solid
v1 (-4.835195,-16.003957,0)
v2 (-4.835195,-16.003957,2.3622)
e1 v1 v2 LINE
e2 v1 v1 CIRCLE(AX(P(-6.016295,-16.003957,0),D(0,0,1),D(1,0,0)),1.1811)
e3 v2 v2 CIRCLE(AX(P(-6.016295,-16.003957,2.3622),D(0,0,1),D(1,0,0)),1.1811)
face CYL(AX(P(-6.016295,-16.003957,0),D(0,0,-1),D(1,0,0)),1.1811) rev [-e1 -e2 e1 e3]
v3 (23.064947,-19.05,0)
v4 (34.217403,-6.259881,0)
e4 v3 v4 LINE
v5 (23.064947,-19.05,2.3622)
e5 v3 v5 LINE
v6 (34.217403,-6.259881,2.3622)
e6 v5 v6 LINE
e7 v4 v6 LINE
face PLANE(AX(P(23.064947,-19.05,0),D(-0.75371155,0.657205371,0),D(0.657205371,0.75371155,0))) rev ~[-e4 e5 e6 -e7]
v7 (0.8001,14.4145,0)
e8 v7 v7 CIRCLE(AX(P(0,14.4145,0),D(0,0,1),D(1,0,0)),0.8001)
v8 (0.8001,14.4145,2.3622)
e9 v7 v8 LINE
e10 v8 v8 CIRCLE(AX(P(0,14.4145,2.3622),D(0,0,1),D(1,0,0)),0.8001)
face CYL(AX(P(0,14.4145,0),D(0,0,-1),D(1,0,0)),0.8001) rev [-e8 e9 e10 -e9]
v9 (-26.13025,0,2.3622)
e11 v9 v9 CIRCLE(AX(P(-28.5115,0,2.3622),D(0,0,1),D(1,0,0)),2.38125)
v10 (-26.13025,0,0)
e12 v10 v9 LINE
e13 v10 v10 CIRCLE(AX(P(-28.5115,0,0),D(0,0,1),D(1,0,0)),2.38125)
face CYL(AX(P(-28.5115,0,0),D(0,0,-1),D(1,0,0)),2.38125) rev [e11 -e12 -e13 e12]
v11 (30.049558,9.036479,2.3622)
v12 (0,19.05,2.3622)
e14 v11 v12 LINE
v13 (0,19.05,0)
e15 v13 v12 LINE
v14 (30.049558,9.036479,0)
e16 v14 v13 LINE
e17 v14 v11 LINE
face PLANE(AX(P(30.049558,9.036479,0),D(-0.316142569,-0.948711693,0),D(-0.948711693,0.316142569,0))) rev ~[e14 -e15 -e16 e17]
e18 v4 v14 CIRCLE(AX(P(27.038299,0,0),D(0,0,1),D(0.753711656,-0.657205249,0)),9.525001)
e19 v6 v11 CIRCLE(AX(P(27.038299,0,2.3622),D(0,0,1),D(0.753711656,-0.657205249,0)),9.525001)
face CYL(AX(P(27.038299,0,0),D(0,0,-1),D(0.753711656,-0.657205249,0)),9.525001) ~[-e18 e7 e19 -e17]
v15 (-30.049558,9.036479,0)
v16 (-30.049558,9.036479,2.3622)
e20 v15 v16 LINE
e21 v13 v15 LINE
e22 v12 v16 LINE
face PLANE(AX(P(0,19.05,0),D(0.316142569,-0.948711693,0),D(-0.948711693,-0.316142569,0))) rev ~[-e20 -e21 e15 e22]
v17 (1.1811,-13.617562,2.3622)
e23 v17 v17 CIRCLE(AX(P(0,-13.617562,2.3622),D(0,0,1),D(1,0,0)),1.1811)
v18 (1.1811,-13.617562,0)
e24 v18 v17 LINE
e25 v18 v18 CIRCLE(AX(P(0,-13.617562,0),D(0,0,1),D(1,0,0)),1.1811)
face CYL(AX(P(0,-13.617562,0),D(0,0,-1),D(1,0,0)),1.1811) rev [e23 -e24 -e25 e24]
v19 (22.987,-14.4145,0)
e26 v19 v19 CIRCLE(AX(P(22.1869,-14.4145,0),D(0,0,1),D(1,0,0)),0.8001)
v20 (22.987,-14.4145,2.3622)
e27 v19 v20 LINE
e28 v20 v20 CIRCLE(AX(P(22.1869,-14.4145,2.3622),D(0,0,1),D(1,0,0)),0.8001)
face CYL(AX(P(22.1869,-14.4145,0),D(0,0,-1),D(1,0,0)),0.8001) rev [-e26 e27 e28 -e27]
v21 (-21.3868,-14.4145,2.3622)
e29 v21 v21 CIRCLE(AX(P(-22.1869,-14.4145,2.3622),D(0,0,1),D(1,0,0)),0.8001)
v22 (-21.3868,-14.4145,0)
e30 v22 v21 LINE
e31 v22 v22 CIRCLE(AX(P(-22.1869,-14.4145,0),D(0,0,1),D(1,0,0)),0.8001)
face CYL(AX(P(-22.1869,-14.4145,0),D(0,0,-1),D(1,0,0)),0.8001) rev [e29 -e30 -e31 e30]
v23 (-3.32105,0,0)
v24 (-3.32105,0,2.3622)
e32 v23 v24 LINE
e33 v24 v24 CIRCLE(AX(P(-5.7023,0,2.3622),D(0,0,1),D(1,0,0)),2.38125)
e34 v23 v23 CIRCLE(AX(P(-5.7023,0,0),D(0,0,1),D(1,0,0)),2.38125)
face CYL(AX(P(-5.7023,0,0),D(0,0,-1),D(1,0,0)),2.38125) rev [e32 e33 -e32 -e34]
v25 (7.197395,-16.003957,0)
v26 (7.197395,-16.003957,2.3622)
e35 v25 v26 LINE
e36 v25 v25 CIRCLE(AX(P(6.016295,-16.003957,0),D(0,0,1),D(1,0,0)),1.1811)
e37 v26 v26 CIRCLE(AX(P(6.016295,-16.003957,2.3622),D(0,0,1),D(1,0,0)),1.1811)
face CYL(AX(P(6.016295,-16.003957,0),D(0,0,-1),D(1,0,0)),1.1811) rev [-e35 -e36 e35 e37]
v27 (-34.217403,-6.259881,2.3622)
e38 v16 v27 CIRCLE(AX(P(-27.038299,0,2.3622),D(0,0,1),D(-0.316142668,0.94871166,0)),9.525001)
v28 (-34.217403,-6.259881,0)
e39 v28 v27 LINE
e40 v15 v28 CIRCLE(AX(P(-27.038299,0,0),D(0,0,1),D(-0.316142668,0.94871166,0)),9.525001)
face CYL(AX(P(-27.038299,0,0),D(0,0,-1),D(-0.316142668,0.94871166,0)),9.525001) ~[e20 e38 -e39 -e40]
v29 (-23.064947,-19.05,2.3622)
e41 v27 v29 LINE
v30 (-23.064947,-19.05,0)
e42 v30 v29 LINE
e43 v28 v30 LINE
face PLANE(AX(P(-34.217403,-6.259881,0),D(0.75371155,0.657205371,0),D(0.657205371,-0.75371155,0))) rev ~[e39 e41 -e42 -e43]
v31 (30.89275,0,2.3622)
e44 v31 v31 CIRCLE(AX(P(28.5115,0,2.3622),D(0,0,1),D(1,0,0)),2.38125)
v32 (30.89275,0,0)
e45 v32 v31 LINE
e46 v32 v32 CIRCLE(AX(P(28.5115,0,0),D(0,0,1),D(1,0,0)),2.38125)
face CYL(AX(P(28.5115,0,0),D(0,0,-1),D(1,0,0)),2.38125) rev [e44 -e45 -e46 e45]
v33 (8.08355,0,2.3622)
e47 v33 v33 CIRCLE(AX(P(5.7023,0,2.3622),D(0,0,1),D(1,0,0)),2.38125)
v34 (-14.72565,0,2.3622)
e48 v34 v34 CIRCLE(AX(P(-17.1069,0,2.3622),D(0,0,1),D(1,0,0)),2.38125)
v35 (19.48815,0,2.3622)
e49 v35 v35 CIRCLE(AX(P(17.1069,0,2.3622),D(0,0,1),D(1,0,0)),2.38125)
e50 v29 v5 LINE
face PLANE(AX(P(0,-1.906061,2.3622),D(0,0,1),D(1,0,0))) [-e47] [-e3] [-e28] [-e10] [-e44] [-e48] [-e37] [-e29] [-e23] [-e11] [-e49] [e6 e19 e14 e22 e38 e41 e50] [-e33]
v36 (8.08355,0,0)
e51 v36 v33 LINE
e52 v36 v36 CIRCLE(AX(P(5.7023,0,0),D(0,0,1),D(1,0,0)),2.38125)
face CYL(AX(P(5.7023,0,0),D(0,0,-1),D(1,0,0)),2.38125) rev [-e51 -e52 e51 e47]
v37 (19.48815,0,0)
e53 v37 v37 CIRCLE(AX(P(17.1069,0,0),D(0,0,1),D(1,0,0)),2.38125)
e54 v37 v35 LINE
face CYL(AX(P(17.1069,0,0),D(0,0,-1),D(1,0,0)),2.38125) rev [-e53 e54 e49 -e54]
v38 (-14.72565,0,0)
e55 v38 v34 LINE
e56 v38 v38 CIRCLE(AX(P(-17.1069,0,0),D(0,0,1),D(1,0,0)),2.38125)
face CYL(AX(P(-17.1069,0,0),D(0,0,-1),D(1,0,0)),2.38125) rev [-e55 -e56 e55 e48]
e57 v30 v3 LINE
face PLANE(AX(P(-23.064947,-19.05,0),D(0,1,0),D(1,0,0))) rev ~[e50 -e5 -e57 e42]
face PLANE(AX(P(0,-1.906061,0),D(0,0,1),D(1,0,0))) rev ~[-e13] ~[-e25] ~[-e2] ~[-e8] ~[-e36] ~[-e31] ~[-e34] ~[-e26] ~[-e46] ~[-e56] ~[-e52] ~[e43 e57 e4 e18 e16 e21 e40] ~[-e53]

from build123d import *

# Parameters (mm, degrees)
F0_R     = 0.8001
F0_R_2   = 1.1811
F0_R_3   = 2.38125
F1_DEPTH = 2.3622


with BuildPart() as f1:
    # F0 (on Top) → F1 (new body)
    with BuildSketch(Plane.XY):
        with BuildLine():
            Line((-23.064947, -19.05), (0, -19.05))
            Line((0, -19.05), (23.064947, -19.05))
            Line((23.064947, -19.05), (34.217403, -6.259881))
            ThreePointArc((34.217403, -6.259881), (36.228268, 2.504018), (30.049558, 9.036479))
            Line((30.049558, 9.036479), (0, 19.05))
            Line((0, 19.05), (-30.049558, 9.036479))
            ThreePointArc((-30.049558, 9.036479), (-36.228268, 2.504018), (-34.217403, -6.259881))
            Line((-34.217403, -6.259881), (-23.064947, -19.05))
        make_face()
        with Locations((-22.1869, -14.4145)):
            Circle(F0_R, mode=Mode.SUBTRACT)
        with Locations((-6.016295, -16.003957)):
            Circle(F0_R_2, mode=Mode.SUBTRACT)
        with Locations((6.016295, -16.003957)):
            Circle(F0_R_2, mode=Mode.SUBTRACT)
        with Locations((0, -13.617562)):
            Circle(F0_R_2, mode=Mode.SUBTRACT)
        with Locations((22.1869, -14.4145)):
            Circle(F0_R, mode=Mode.SUBTRACT)
        with Locations((-28.5115, 0)):
            Circle(F0_R_3, mode=Mode.SUBTRACT)
        with Locations((-17.1069, 0)):
            Circle(F0_R_3, mode=Mode.SUBTRACT)
        with Locations((-5.7023, 0)):
            Circle(F0_R_3, mode=Mode.SUBTRACT)
        with Locations((5.7023, 0)):
            Circle(F0_R_3, mode=Mode.SUBTRACT)
        with Locations((17.1069, 0)):
            Circle(F0_R_3, mode=Mode.SUBTRACT)
        with Locations((28.5115, 0)):
            Circle(F0_R_3, mode=Mode.SUBTRACT)
        with Locations((0, 14.4145)):
            Circle(F0_R, mode=Mode.SUBTRACT)
    extrude(amount=F1_DEPTH)


solid = f1.part
